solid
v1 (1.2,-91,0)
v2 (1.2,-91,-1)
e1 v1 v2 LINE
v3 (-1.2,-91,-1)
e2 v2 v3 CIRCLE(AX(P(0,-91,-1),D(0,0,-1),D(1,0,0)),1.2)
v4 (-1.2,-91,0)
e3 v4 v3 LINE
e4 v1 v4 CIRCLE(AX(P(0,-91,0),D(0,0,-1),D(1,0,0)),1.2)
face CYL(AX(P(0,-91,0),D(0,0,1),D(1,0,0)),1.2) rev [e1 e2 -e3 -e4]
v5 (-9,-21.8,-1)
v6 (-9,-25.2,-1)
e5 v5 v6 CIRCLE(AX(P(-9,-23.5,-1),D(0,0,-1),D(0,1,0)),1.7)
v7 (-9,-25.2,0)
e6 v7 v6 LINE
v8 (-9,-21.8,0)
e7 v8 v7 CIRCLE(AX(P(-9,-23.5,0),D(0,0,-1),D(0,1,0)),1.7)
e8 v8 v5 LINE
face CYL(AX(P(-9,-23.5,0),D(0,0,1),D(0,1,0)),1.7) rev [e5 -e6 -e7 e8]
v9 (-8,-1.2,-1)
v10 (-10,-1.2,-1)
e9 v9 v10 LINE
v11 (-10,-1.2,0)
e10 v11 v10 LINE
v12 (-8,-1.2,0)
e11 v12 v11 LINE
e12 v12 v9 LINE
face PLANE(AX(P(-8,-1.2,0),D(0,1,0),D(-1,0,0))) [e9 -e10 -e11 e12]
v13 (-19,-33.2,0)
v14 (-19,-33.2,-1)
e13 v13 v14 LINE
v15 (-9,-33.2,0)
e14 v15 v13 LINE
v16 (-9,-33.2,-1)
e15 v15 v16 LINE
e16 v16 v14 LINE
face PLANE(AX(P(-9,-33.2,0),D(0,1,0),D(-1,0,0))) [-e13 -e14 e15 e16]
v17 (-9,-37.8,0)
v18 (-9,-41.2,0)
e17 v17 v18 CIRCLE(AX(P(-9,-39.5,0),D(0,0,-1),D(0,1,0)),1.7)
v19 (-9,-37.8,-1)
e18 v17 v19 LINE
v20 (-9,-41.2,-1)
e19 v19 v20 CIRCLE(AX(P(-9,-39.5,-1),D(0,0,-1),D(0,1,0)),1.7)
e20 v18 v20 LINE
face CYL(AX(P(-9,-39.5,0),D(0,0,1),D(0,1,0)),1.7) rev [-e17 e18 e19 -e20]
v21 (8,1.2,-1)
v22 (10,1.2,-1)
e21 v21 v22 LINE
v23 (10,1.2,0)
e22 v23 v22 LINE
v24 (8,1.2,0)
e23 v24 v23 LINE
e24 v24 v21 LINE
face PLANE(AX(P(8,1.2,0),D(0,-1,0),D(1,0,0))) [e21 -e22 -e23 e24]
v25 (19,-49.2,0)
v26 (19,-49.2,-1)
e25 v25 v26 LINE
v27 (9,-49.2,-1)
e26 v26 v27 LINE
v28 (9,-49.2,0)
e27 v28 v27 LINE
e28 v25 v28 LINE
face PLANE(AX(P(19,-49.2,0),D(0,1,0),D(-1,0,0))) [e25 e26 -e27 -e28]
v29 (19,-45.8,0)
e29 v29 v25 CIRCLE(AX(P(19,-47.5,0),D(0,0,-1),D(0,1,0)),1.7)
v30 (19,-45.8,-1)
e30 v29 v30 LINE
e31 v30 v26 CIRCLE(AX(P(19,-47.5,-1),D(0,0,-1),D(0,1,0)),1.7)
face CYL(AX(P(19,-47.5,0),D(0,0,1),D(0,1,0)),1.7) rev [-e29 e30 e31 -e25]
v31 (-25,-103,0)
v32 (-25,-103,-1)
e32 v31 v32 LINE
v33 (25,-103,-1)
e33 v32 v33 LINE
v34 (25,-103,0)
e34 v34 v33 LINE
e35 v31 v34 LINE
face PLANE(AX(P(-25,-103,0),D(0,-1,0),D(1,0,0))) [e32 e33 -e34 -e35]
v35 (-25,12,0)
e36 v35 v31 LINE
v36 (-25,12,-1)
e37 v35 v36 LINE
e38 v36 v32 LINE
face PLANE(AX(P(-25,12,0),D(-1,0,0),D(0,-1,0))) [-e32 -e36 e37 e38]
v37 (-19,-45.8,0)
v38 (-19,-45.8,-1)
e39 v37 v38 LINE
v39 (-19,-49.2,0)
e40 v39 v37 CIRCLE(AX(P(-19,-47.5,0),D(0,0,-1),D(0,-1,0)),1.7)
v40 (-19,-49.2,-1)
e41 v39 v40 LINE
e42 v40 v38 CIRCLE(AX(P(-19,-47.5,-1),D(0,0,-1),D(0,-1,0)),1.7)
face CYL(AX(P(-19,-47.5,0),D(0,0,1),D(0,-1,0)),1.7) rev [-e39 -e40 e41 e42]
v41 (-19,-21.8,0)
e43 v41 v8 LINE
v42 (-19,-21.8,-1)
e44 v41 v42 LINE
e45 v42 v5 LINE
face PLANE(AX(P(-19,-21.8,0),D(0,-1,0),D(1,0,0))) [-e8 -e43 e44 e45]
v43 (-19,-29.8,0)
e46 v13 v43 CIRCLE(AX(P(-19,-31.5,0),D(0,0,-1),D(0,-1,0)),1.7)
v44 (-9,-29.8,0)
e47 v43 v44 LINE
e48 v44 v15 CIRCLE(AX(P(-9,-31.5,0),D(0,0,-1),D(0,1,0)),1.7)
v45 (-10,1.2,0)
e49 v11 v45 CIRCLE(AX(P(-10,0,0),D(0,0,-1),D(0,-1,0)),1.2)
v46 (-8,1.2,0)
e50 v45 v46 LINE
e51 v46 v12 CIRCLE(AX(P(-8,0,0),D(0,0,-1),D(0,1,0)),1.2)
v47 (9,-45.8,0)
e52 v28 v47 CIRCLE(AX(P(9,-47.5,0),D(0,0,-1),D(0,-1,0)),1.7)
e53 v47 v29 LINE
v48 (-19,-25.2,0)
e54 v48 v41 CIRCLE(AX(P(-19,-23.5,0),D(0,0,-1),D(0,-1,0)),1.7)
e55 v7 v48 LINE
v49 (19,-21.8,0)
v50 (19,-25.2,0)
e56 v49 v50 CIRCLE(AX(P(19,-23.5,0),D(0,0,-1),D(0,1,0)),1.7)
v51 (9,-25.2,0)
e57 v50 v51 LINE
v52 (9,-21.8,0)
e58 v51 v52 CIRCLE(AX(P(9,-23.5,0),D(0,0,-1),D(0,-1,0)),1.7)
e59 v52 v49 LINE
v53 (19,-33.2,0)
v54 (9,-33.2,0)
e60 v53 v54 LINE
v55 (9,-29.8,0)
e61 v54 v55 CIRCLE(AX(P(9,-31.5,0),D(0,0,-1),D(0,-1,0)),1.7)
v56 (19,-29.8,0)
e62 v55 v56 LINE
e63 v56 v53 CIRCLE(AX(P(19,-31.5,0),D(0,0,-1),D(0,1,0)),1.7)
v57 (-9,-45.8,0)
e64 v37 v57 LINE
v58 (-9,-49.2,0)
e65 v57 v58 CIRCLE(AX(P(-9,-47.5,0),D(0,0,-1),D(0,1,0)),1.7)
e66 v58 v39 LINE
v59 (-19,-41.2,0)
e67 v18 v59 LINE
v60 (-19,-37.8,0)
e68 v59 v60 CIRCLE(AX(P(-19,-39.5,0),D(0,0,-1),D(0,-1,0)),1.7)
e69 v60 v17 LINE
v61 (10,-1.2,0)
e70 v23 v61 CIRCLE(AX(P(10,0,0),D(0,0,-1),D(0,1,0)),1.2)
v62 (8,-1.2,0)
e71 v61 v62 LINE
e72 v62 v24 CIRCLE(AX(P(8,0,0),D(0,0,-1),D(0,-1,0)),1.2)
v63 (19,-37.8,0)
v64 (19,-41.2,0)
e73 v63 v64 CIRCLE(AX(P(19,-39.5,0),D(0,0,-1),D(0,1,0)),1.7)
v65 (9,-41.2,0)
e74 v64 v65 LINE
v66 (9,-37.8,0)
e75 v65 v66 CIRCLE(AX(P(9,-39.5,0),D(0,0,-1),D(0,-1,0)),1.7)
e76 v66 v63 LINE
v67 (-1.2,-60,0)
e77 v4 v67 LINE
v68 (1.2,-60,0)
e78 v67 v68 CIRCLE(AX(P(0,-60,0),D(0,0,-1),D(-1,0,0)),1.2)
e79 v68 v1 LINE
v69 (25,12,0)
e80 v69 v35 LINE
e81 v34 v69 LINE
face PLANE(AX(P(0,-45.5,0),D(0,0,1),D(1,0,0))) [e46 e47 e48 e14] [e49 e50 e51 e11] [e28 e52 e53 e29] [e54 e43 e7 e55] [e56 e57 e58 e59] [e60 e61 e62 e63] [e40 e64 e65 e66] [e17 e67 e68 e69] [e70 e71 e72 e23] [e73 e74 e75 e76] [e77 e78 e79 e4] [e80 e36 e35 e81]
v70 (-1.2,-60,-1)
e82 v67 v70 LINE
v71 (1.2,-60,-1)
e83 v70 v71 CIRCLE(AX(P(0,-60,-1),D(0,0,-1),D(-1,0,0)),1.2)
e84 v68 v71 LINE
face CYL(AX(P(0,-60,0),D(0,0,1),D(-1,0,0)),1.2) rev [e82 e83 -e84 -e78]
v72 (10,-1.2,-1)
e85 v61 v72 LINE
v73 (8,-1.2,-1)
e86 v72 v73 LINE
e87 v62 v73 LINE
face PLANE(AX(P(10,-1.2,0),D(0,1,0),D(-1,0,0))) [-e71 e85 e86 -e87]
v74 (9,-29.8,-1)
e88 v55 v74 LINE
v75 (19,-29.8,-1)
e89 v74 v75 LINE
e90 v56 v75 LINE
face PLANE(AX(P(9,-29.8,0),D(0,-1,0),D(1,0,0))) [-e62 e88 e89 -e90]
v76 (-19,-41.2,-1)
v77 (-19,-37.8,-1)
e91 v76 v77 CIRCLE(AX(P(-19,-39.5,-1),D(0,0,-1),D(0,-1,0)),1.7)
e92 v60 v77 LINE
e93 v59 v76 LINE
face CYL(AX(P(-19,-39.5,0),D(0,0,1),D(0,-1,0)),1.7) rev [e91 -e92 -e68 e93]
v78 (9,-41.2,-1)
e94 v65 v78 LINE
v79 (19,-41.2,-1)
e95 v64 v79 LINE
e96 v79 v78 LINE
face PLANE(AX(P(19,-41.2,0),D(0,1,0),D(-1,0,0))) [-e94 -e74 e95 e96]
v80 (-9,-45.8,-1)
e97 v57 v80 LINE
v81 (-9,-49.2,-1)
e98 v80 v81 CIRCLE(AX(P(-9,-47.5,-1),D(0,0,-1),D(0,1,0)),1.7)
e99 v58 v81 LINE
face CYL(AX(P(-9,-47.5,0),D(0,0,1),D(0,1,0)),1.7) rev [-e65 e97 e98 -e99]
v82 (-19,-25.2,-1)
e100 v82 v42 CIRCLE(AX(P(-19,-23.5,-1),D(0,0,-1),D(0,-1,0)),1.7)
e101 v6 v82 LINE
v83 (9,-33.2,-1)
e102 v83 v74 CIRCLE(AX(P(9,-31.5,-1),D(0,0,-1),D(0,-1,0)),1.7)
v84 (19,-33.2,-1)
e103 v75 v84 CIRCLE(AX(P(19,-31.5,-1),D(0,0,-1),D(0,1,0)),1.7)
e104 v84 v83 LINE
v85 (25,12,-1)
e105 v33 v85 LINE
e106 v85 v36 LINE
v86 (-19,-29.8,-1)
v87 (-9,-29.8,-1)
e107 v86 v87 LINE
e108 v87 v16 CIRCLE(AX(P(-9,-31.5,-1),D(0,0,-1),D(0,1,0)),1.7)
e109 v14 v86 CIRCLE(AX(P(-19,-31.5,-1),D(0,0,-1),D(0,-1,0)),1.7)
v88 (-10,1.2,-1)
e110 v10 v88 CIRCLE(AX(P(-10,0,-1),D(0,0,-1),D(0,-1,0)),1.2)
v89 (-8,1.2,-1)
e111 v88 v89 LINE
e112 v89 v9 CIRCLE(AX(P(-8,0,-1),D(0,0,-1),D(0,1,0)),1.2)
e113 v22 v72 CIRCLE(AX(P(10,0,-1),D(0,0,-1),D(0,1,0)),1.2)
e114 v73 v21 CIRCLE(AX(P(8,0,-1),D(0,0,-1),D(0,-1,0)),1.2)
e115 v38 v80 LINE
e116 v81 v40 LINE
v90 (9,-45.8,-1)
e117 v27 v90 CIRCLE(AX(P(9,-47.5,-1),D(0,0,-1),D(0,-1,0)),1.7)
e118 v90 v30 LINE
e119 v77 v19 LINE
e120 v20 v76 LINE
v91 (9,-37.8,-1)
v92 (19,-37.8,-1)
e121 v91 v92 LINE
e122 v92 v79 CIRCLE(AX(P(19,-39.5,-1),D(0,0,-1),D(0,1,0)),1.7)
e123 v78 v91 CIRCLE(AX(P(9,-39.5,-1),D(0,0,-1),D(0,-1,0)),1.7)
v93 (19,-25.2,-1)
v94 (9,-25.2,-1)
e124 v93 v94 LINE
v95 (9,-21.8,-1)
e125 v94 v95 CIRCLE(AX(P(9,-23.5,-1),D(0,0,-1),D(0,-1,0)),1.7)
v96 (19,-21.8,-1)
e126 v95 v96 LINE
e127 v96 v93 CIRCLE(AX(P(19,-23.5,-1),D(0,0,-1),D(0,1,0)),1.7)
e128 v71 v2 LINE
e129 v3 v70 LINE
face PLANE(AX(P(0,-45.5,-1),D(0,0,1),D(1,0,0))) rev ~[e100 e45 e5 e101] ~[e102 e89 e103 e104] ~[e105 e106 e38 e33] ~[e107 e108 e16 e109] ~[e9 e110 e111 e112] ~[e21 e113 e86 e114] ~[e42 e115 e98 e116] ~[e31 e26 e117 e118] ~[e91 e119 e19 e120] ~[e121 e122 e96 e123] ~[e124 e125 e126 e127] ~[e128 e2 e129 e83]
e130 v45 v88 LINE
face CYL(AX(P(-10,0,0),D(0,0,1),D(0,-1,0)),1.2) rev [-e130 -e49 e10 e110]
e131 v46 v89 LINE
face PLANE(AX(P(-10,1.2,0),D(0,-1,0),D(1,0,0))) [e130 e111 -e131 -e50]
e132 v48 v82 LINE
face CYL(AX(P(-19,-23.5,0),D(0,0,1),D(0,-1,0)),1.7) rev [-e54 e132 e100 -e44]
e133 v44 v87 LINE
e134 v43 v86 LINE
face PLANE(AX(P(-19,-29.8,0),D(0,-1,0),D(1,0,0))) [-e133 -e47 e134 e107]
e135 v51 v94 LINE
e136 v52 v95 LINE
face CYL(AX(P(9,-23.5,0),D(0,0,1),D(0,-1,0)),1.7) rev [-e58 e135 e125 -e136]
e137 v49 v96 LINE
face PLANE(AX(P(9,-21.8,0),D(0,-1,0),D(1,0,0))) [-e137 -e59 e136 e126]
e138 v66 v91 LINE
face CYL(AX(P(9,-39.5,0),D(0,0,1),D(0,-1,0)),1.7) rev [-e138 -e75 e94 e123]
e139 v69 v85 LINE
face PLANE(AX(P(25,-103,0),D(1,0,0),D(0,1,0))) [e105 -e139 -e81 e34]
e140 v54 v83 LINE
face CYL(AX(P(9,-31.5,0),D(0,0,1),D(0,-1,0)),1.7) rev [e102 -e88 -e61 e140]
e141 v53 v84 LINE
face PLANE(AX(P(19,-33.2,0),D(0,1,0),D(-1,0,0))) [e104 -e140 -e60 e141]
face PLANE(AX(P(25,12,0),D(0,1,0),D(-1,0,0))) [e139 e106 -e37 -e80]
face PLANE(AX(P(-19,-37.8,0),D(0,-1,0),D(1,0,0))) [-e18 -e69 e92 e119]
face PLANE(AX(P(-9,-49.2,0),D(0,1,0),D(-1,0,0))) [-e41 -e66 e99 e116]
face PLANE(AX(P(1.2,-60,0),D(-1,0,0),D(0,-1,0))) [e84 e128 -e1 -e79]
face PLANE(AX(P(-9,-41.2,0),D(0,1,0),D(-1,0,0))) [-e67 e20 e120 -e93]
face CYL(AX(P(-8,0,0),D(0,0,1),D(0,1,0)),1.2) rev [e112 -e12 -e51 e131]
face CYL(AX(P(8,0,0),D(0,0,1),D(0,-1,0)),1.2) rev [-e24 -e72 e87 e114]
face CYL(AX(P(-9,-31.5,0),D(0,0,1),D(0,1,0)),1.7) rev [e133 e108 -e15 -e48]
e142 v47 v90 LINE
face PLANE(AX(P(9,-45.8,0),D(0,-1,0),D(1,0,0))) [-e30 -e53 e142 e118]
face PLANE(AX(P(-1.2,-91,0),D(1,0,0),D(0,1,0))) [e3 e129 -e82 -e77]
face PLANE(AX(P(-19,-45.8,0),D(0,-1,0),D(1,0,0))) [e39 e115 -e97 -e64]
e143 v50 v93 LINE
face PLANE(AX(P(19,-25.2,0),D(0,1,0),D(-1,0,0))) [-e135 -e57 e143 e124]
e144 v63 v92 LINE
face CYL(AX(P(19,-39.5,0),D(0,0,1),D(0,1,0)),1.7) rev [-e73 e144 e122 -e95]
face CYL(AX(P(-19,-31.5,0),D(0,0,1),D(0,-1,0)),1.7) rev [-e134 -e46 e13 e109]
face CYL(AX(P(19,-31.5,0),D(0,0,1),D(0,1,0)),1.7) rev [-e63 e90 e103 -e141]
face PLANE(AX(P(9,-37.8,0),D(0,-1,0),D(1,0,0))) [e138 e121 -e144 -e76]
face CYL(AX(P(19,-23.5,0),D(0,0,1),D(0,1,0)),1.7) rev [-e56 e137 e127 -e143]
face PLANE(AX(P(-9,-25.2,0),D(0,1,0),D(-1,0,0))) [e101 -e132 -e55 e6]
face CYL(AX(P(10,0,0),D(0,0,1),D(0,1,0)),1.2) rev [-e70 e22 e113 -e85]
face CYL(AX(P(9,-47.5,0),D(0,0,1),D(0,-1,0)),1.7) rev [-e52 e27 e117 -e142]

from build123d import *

# Parameters (mm, degrees)
F1_DEPTH = 1


with BuildPart() as f1:
    # F0 (on Top) → F1 (new body)
    with BuildSketch(Plane.XY):
        Polygon((25, 12), (0, 12), (-25, 12), (-25, -103), (25, -103), align=None)
        with BuildLine():
            ThreePointArc((-19, -49.2), (-20.7, -47.5), (-19, -45.8))
            Line((-19, -45.8), (-9, -45.8))
            ThreePointArc((-9, -45.8), (-7.3, -47.5), (-9, -49.2))
            Line((-9, -49.2), (-19, -49.2))
        make_face(mode=Mode.SUBTRACT)
        with BuildLine():
            ThreePointArc((1.2, -91), (0, -92.2), (-1.2, -91))
            Line((-1.2, -91), (-1.2, -60))
            ThreePointArc((-1.2, -60), (0, -58.8), (1.2, -60))
            Line((1.2, -60), (1.2, -91))
        make_face(mode=Mode.SUBTRACT)
        with BuildLine():
            ThreePointArc((19, -45.8), (20.7, -47.5), (19, -49.2))
            Line((19, -49.2), (9, -49.2))
            ThreePointArc((9, -49.2), (7.3, -47.5), (9, -45.8))
            Line((9, -45.8), (19, -45.8))
        make_face(mode=Mode.SUBTRACT)
        with BuildLine():
            ThreePointArc((-19, -41.2), (-20.7, -39.5), (-19, -37.8))
            Line((-19, -37.8), (-9, -37.8))
            ThreePointArc((-9, -37.8), (-7.3, -39.5), (-9, -41.2))
            Line((-9, -41.2), (-19, -41.2))
        make_face(mode=Mode.SUBTRACT)
        with BuildLine():
            ThreePointArc((-19, -33.2), (-20.7, -31.5), (-19, -29.8))
            Line((-19, -29.8), (-9, -29.8))
            ThreePointArc((-9, -29.8), (-7.3, -31.5), (-9, -33.2))
            Line((-9, -33.2), (-19, -33.2))
        make_face(mode=Mode.SUBTRACT)
        with BuildLine():
            ThreePointArc((-19, -25.2), (-20.7, -23.5), (-19, -21.8))
            Line((-19, -21.8), (-9, -21.8))
            ThreePointArc((-9, -21.8), (-7.3, -23.5), (-9, -25.2))
            Line((-9, -25.2), (-19, -25.2))
        make_face(mode=Mode.SUBTRACT)
        with BuildLine():
            ThreePointArc((-10, -1.2), (-11.2, 0), (-10, 1.2))
            Line((-10, 1.2), (-8, 1.2))
            ThreePointArc((-8, 1.2), (-6.8, 0), (-8, -1.2))
            Line((-8, -1.2), (-10, -1.2))
        make_face(mode=Mode.SUBTRACT)
        with BuildLine():
            ThreePointArc((9, -41.2), (7.3, -39.5), (9, -37.8))
            Line((9, -37.8), (19, -37.8))
            ThreePointArc((19, -37.8), (20.7, -39.5), (19, -41.2))
            Line((19, -41.2), (9, -41.2))
        make_face(mode=Mode.SUBTRACT)
        with BuildLine():
            ThreePointArc((9, -33.2), (7.3, -31.5), (9, -29.8))
            Line((9, -29.8), (19, -29.8))
            ThreePointArc((19, -29.8), (20.7, -31.5), (19, -33.2))
            Line((19, -33.2), (9, -33.2))
        make_face(mode=Mode.SUBTRACT)
        with BuildLine():
            ThreePointArc((9, -25.2), (7.3, -23.5), (9, -21.8))
            Line((9, -21.8), (19, -21.8))
            ThreePointArc((19, -21.8), (20.7, -23.5), (19, -25.2))
            Line((19, -25.2), (9, -25.2))
        make_face(mode=Mode.SUBTRACT)
        with BuildLine():
            ThreePointArc((10, 1.2), (11.2, 0), (10, -1.2))
            Line((10, -1.2), (8, -1.2))
            ThreePointArc((8, -1.2), (6.8, 0), (8, 1.2))
            Line((8, 1.2), (10, 1.2))
        make_face(mode=Mode.SUBTRACT)
    extrude(amount=-F1_DEPTH)


solid = f1.part
